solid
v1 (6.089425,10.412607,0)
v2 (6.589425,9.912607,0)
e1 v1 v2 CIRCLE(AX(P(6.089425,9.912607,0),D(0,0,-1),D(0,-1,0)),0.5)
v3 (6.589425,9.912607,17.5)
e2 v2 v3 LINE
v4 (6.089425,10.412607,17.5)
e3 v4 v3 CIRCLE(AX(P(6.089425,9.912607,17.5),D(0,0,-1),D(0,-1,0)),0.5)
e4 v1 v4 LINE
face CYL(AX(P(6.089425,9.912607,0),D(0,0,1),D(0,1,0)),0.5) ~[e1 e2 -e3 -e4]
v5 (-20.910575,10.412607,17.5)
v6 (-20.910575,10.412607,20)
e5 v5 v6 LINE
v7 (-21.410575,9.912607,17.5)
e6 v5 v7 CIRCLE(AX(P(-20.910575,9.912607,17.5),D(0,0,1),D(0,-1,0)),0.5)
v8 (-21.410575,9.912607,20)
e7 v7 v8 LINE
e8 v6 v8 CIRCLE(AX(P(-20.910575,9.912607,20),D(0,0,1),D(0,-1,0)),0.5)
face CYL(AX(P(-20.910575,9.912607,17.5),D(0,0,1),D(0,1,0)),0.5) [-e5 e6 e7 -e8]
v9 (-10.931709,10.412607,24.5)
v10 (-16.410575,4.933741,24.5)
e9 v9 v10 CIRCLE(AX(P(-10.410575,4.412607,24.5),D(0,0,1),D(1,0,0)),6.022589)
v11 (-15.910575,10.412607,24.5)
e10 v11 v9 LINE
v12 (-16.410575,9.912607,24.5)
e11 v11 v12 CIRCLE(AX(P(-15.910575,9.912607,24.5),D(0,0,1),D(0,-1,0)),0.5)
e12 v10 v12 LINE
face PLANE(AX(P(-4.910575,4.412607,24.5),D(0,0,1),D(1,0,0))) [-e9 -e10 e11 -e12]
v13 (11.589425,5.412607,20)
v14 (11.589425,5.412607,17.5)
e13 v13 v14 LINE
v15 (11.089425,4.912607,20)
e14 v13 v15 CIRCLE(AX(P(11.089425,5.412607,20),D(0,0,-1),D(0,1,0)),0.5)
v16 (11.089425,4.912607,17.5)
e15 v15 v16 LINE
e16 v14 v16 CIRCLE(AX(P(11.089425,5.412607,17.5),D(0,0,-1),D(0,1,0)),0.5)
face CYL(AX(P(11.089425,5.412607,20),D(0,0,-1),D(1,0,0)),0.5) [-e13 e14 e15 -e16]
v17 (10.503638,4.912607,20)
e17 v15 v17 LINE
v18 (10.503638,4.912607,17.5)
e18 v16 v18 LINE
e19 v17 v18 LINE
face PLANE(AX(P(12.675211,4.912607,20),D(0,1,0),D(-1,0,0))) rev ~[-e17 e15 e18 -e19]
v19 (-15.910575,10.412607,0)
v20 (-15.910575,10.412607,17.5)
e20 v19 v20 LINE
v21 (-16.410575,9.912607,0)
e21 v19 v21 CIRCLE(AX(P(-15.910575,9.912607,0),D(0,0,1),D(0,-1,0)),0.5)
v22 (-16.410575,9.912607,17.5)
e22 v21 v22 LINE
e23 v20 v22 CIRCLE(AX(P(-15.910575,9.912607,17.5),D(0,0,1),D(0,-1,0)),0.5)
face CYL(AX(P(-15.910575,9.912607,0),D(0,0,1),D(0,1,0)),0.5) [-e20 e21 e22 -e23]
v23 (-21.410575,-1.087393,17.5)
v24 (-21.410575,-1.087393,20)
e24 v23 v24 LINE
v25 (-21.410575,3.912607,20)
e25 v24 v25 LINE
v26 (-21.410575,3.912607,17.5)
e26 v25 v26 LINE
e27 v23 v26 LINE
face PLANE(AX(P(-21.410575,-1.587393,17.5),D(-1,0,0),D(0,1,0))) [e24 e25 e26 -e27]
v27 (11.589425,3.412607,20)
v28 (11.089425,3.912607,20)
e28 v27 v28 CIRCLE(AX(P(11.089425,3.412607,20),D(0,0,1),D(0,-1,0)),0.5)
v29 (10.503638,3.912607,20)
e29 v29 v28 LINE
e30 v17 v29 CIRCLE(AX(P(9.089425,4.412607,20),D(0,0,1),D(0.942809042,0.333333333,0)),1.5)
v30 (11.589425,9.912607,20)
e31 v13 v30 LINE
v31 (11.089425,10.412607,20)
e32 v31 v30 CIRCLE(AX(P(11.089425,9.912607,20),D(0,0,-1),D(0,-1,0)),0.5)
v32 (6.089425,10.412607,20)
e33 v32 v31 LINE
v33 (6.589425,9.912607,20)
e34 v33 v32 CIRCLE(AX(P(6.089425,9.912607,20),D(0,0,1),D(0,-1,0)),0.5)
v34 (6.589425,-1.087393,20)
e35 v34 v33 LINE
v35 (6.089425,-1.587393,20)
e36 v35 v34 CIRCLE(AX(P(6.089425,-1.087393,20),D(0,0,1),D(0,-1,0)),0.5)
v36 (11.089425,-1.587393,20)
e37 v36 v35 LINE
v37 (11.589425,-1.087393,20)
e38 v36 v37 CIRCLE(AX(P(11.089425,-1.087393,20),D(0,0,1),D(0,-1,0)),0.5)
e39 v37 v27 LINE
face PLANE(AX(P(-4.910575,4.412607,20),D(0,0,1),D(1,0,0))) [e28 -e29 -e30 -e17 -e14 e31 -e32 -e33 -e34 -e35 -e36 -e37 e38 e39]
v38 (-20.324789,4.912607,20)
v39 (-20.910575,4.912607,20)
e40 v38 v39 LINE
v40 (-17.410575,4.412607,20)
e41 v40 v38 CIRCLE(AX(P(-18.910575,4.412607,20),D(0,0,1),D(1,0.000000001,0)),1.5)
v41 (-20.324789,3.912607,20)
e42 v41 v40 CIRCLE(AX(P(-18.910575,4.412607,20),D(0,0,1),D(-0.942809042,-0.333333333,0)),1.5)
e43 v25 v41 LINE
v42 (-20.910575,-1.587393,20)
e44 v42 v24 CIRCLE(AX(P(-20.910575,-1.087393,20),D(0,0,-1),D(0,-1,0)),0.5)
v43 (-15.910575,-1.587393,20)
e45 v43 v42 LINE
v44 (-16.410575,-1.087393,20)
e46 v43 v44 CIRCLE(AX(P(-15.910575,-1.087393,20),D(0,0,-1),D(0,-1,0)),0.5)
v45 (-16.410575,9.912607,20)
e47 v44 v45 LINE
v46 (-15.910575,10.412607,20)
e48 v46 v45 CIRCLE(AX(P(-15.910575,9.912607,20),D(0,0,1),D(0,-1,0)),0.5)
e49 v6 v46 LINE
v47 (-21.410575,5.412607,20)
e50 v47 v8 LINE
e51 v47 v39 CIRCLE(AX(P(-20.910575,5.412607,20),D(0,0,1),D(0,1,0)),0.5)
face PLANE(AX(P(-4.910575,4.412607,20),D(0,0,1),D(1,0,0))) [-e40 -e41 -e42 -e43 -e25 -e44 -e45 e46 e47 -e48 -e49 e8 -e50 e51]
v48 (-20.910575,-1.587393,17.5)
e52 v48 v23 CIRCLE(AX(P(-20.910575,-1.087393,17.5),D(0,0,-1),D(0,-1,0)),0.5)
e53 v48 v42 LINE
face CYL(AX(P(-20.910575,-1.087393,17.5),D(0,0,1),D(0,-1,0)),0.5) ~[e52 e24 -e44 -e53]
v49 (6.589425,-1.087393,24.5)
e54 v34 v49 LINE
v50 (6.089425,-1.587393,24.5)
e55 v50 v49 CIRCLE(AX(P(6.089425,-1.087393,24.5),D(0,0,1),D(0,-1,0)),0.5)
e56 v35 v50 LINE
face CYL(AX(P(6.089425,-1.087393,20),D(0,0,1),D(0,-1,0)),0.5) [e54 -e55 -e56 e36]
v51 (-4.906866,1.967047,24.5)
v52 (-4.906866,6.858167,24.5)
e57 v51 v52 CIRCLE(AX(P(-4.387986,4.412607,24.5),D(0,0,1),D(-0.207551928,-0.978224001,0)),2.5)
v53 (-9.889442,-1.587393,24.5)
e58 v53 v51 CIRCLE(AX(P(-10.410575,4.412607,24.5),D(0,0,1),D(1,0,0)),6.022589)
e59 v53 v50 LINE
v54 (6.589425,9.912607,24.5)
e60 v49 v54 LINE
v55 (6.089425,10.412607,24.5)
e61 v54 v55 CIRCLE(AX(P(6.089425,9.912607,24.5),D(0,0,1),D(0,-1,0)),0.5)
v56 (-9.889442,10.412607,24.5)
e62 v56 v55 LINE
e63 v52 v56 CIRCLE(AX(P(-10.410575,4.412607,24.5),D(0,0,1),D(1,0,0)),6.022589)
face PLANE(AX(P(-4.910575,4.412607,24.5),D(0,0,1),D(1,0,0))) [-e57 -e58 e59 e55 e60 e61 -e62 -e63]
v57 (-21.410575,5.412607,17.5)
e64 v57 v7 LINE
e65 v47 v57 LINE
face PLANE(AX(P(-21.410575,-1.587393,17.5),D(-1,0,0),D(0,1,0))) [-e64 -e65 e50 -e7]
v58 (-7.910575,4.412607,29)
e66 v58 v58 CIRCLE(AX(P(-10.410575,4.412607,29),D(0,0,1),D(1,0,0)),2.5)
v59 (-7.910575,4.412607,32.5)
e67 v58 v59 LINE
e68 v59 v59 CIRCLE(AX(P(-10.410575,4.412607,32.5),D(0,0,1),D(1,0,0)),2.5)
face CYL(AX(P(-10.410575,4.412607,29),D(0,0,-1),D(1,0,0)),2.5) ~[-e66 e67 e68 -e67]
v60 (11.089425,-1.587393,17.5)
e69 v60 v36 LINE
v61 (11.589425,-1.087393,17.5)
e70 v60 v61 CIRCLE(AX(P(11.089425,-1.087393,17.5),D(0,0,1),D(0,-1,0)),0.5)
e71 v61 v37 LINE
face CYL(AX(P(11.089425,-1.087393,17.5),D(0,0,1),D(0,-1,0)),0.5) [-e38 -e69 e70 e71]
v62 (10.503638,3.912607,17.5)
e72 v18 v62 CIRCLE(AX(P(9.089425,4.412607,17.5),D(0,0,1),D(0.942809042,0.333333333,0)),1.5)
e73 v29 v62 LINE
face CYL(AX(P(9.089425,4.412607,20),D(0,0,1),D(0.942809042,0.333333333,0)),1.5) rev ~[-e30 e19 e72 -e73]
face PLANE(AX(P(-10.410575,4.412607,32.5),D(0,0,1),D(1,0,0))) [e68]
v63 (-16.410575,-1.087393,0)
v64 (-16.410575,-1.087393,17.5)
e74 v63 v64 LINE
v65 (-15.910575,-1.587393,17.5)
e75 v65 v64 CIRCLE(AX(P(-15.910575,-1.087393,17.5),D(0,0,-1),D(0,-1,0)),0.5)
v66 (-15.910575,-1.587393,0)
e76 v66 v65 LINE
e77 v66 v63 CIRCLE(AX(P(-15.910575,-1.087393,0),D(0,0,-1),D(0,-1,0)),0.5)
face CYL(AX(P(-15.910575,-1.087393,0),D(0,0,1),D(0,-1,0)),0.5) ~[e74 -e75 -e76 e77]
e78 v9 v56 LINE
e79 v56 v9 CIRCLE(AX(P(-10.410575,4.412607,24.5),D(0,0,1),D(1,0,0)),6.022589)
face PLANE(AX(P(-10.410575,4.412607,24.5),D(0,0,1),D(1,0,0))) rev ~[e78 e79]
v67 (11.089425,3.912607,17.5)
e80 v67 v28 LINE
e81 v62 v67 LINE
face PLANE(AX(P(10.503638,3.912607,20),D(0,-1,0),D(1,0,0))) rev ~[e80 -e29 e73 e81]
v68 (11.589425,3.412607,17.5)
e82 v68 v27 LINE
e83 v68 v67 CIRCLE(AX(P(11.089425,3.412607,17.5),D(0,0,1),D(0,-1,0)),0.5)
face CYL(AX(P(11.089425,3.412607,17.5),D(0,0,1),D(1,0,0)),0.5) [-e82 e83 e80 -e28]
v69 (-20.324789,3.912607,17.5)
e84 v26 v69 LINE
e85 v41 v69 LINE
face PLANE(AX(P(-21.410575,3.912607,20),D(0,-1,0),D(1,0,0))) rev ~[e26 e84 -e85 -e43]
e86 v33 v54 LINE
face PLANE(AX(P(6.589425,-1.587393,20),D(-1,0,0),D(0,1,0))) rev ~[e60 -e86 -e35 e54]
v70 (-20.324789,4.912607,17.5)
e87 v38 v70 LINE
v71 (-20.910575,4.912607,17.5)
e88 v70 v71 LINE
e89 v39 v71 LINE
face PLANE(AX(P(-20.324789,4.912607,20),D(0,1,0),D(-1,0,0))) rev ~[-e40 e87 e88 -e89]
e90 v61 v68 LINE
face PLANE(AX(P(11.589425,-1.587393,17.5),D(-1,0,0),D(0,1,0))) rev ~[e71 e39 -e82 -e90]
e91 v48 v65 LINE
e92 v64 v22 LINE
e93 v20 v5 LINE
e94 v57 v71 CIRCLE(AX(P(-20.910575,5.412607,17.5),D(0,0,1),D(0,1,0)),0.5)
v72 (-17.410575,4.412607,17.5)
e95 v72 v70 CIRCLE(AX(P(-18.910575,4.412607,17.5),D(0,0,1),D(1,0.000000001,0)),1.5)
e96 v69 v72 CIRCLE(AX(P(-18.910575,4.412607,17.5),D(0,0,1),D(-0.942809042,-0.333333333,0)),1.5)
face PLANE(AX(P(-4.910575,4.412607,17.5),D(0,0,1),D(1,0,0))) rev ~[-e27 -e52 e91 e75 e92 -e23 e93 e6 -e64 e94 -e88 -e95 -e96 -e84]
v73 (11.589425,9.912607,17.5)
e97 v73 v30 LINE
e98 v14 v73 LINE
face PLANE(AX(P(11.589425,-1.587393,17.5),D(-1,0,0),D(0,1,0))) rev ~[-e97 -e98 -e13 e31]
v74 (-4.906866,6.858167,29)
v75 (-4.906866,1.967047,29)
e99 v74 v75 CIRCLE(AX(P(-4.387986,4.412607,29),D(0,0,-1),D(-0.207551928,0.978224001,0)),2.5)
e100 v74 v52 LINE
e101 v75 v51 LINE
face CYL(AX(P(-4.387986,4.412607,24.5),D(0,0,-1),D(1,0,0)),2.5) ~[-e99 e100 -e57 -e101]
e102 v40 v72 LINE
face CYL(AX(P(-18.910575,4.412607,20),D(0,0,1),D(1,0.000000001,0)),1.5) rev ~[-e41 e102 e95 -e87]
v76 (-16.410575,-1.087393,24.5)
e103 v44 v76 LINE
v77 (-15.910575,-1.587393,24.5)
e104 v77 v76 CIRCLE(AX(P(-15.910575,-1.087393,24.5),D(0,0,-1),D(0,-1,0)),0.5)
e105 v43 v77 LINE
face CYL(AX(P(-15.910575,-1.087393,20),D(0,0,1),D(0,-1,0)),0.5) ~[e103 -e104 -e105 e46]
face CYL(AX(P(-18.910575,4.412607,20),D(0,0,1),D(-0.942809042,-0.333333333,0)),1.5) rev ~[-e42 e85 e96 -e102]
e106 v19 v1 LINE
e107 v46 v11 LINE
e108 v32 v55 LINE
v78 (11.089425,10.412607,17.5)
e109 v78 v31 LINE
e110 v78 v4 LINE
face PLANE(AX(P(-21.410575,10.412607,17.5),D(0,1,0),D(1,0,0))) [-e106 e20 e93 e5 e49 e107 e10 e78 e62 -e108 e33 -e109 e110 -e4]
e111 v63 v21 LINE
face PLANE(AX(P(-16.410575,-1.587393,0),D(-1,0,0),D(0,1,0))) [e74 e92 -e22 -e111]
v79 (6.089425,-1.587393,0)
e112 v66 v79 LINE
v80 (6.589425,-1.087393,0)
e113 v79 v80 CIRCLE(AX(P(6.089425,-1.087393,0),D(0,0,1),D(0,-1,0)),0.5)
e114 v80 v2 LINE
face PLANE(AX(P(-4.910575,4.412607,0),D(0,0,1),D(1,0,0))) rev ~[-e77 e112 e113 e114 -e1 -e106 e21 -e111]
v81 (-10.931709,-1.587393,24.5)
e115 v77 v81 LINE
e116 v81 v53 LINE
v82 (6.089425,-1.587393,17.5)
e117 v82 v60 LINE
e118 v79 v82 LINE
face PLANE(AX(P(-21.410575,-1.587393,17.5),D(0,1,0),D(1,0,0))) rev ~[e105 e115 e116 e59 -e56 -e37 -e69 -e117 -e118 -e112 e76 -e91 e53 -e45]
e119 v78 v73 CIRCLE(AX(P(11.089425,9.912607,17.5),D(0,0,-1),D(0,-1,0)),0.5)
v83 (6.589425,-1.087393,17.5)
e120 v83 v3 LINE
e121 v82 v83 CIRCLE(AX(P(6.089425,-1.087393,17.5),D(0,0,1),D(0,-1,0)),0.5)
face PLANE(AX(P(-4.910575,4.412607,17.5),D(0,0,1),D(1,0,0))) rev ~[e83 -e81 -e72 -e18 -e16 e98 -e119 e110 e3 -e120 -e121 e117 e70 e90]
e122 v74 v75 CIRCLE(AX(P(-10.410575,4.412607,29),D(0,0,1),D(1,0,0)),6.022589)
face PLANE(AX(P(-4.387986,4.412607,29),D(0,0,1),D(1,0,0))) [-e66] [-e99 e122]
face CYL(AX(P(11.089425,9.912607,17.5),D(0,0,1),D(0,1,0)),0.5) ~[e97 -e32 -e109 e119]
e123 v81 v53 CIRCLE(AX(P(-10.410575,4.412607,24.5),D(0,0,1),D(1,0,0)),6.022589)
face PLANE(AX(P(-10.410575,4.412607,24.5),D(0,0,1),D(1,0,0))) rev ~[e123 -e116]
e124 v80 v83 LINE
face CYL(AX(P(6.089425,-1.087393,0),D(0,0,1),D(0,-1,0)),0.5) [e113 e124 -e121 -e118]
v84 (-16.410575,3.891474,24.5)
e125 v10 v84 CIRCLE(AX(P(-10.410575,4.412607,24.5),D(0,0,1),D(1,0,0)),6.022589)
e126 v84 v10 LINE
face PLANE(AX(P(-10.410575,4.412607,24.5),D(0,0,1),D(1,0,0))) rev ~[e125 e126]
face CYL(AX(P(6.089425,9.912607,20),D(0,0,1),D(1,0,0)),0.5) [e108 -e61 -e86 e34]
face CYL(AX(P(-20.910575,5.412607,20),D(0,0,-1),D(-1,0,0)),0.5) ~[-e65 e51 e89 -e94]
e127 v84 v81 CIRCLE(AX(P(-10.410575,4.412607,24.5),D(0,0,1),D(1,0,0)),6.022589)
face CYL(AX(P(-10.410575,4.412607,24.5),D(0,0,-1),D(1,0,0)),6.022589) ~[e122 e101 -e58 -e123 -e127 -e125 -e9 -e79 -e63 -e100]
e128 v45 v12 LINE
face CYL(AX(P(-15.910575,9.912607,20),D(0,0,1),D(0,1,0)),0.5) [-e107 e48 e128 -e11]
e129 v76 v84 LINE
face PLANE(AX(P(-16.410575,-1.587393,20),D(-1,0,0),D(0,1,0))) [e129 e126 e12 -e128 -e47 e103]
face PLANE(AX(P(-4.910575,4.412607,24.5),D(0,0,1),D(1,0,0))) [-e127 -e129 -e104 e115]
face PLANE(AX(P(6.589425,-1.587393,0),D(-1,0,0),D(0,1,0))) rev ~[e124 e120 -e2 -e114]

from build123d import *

# Parameters (mm, degrees)
ESQUISSE1_W             = 23
ESQUISSE1_H             = 12
BOSS_EXTRU_1_DEPTH      = 17.5
ESQUISSE2_W             = 33
ESQUISSE2_H             = 12
BOSS_EXTRU_2_DEPTH      = 2.5
ESQUISSE3_W             = 23
ESQUISSE3_H             = 12
BOSS_EXTRU_3_DEPTH      = 4.5
ESQUISSE4_R             = 6.022589187
BOSS_EXTRU_4_DEPTH      = 4.5
ESQUISSE5_R             = 2.5
BOSS_EXTRU_5_DEPTH      = 4.5
ESQUISSE6_R             = 2.5
BOSS_EXTRU_6_DEPTH      = 3.5
ENL_V_MAT_EXTRU_3_DEPTH = 21
CONG_2_R                = 0.5


with BuildPart() as part:
    # Esquisse1 → Boss.-Extru.1 (new body)
    with BuildSketch(Plane.XY):
        with Locations((-4.910575451, 4.41260745)):
            Rectangle(ESQUISSE1_W, ESQUISSE1_H)
    extrude(amount=BOSS_EXTRU_1_DEPTH)

    # Esquisse2 → Boss.-Extru.2 (add)
    with BuildSketch(Plane.XY.offset(17.5)):
        with Locations((-4.910575451, 4.41260745)):
            Rectangle(ESQUISSE2_W, ESQUISSE2_H)
    extrude(amount=BOSS_EXTRU_2_DEPTH)

    # Esquisse3 → Boss.-Extru.3 (add)
    with BuildSketch(Plane.XY.offset(20)):
        with Locations((-4.910575451, 4.41260745)):
            Rectangle(ESQUISSE3_W, ESQUISSE3_H)
    extrude(amount=BOSS_EXTRU_3_DEPTH)

    # Esquisse4 → Boss.-Extru.4 (add)
    with BuildSketch(Plane.XY.offset(24.5)):
        with Locations((-10.410575451, 4.41260745)):
            Circle(ESQUISSE4_R)
    extrude(amount=BOSS_EXTRU_4_DEPTH)

    # Esquisse5 → Boss.-Extru.5 (add)
    with BuildSketch(Plane.XY.offset(24.5)):
        with Locations((-4.387986264, 4.41260745)):
            Circle(ESQUISSE5_R)
    extrude(amount=BOSS_EXTRU_5_DEPTH)

    # Esquisse6 → Boss.-Extru.6 (add)
    with BuildSketch(Plane.XY.offset(29)):
        with Locations((-10.410575451, 4.41260745)):
            Circle(ESQUISSE6_R)
    extrude(amount=BOSS_EXTRU_6_DEPTH)

    # Esquisse7 → Enlèv. mat.-Extru.3 (cut, through all)
    with BuildSketch(Plane.XY.offset(20)):
        with BuildLine():
            ThreePointArc((-20.324789014, 4.91260745), (-20.410575451, 4.41260745), (-20.324789014, 3.91260745))
            Line((-20.324789014, 3.91260745), (-20.324789014, 4.91260745))
        make_face()
        with BuildLine():
            Line((-20.324789014, 4.91260745), (-20.324789014, 3.91260745))
            ThreePointArc((-20.324789014, 3.91260745), (-18.656922483, 2.93420961), (-17.410575451, 4.41260745))
            ThreePointArc((-17.410575451, 4.41260745), (-18.656922483, 5.891005289), (-20.324789014, 4.91260745))
        make_face()
        with BuildLine():
            Line((-21.410575451, 4.91260745), (-21.410575451, 3.91260745))
            Line((-21.410575451, 3.91260745), (-20.324789014, 3.91260745))
            ThreePointArc((-20.324789014, 3.91260745), (-20.410575451, 4.41260745), (-20.324789014, 4.91260745))
            Line((-20.324789014, 4.91260745), (-21.410575451, 4.91260745))
        make_face()
        with BuildLine():
            ThreePointArc((10.589424549, 4.41260745), (10.567822388, 4.666260418), (10.503638111, 4.91260745))
            Line((10.503638111, 4.91260745), (10.503638111, 3.91260745))
            ThreePointArc((10.503638111, 3.91260745), (10.567822388, 4.158954482), (10.589424549, 4.41260745))
        make_face()
        with BuildLine():
            Line((10.503638111, 3.91260745), (10.503638111, 4.91260745))
            ThreePointArc((10.503638111, 4.91260745), (7.589424549, 4.41260745), (10.503638111, 3.91260745))
        make_face()
        with BuildLine():
            Line((12.675210986, 3.91260745), (12.675210986, 4.91260745))
            Line((12.675210986, 4.91260745), (10.503638111, 4.91260745))
            ThreePointArc((10.503638111, 4.91260745), (10.567822388, 4.666260418), (10.589424549, 4.41260745))
            ThreePointArc((10.589424549, 4.41260745), (10.567822388, 4.158954482), (10.503638111, 3.91260745))
            Line((10.503638111, 3.91260745), (12.675210986, 3.91260745))
        make_face()
    extrude(amount=-ENL_V_MAT_EXTRU_3_DEPTH, mode=Mode.SUBTRACT)

    # Congé2
    cong_2_edges = [part.edges().sort_by_distance(p)[0] for p in [
        (-21.410575451, 10.41260745, 18.75),
        (-21.410575451, -1.58739255, 18.75),
        (11.589424549, -1.58739255, 18.75),
        (11.589424549, 10.41260745, 18.75),
        (-16.410575451, 10.41260745, 22.25),
        (-16.410575451, -1.58739255, 22.25),
        (6.589424549, -1.58739255, 22.25),
        (6.589424549, 10.41260745, 22.25),
        (-21.410575451, 4.91260745, 18.75),
        (-16.410575451, 10.41260745, 8.75),
        (6.589424549, 10.41260745, 8.75),
        (6.589424549, -1.58739255, 8.75),
        (-16.410575451, -1.58739255, 8.75),
        (11.589424549, 4.91260745, 18.75),
        (11.589424549, 3.91260745, 18.75),
    ]]
    fillet(cong_2_edges, radius=CONG_2_R)


solid = part.part
